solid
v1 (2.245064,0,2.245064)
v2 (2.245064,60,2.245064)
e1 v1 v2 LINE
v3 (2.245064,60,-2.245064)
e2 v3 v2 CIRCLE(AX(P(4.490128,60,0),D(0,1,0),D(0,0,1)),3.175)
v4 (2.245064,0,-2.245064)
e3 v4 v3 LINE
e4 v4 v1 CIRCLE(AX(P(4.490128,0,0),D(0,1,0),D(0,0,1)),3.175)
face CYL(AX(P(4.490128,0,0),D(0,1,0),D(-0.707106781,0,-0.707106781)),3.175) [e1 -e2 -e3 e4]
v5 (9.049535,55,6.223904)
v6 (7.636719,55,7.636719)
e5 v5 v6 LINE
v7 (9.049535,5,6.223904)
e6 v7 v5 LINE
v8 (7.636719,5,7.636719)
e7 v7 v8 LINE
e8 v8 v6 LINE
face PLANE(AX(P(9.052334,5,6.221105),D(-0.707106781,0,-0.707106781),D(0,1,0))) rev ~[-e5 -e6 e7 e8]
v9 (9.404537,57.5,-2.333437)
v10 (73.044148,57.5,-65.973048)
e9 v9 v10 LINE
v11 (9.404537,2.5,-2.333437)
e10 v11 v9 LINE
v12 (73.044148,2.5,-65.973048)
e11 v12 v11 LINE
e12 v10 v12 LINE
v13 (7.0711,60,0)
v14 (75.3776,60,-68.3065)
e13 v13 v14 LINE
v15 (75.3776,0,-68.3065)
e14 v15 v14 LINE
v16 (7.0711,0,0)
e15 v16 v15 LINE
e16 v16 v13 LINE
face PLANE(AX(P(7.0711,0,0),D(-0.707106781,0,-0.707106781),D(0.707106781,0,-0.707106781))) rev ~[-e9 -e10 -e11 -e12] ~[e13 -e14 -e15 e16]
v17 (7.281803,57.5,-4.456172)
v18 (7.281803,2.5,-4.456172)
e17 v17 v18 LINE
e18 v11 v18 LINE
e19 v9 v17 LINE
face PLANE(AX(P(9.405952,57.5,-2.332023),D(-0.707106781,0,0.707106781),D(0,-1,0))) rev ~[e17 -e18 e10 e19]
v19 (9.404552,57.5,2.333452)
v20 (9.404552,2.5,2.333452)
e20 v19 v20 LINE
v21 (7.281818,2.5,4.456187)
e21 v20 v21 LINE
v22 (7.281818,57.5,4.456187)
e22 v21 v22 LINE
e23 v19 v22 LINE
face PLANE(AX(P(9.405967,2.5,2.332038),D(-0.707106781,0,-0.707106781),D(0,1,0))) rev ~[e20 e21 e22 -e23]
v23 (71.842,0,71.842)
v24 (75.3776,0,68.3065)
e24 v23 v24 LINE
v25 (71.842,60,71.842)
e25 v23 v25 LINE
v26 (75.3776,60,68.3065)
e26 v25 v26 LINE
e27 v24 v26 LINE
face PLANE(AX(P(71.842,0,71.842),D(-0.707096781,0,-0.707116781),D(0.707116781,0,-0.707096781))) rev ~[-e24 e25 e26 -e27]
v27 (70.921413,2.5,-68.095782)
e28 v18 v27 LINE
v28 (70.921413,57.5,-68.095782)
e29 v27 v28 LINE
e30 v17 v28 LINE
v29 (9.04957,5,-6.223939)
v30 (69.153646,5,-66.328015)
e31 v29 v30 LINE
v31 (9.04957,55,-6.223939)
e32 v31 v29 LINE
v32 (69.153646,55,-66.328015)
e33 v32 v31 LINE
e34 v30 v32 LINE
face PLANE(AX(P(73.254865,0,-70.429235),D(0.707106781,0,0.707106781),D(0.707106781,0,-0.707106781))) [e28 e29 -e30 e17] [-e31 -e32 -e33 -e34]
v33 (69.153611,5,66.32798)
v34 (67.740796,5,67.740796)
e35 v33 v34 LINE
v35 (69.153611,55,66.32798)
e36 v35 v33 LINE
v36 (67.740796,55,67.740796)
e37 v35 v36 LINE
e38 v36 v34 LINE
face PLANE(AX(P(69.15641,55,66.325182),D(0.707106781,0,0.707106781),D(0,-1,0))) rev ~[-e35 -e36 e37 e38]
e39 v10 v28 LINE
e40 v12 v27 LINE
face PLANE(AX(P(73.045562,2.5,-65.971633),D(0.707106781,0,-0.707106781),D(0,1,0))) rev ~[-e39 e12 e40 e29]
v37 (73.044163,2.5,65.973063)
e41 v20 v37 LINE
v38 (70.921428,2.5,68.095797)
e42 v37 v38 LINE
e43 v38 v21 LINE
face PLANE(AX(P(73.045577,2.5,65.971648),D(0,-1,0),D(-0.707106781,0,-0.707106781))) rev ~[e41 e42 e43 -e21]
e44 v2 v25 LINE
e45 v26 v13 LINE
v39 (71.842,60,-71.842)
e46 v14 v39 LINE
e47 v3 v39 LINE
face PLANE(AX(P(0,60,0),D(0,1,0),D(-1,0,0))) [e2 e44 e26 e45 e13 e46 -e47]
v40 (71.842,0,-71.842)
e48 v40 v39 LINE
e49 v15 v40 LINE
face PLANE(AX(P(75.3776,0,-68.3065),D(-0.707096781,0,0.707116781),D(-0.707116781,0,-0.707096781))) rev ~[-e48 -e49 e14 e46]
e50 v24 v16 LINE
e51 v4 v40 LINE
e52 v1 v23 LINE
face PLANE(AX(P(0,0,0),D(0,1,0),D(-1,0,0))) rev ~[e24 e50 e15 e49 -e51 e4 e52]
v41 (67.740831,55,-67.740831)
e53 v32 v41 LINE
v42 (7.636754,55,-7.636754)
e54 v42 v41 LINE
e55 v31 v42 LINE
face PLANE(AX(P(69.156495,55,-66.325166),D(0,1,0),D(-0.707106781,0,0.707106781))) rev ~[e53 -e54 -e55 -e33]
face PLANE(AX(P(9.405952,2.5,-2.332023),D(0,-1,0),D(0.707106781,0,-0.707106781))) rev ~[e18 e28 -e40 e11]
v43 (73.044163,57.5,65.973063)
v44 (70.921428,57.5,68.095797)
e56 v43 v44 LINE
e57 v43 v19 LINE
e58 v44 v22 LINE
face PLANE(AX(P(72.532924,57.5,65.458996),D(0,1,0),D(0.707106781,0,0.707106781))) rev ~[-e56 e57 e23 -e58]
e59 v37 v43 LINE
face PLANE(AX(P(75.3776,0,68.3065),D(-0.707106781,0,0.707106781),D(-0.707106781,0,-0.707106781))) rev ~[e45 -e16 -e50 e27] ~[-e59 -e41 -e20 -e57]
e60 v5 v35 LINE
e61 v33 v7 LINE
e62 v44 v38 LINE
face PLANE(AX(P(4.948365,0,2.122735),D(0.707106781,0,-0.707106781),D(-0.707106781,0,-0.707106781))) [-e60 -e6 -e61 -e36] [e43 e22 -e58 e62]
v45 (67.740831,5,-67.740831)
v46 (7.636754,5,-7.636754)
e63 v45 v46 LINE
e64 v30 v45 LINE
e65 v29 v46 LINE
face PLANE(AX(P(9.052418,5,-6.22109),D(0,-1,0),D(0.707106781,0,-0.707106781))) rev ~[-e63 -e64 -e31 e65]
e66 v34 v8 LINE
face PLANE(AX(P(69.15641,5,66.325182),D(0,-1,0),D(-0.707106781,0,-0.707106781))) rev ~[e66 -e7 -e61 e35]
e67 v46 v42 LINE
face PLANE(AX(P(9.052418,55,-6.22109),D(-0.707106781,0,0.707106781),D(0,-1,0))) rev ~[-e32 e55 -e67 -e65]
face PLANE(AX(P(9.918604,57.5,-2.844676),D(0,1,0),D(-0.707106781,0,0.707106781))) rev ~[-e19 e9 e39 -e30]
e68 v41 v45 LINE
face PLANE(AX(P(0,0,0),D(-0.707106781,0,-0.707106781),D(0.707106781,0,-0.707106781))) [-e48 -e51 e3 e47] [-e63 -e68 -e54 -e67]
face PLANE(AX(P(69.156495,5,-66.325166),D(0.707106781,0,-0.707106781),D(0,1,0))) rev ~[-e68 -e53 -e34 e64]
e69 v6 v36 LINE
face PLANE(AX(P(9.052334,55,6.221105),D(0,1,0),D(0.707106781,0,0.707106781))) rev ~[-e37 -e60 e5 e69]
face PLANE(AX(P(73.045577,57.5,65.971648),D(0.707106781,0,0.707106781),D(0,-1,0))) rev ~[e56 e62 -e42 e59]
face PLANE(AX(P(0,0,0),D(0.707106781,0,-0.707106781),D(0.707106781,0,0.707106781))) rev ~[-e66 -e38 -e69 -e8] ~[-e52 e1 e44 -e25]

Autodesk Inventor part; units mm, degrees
ref_plane "YZ Plane" through (0, 0, 0) normal (1, 0, 0) x (0, 1, 0)
ref_plane "XZ Plane" through (0, 0, 0) normal (0, 1, 0) x (-1, 0, 0)
ref_plane "XY Plane" through (0, 0, 0) normal (0, 0, 1) x (1, 0, 0)
sketch "Sketch4" plane through (0, 0, 0) normal (0, 1, 0) x (-1, 0, 0)
  line L0 (0, 0) -> (-71.842, 71.842)
  line L1 (0, 0) -> (101.6, 0) construction
  line L2 (0, 0) -> (-71.842, -71.842)
  line L3 (0, 0) -> (101.6, 0) construction
  line L4 (-71.842, 71.842) -> (-75.3776, 68.3065)
  line L5 (-75.3776, 68.3065) -> (-7.0711, 0)
  line L6 (-7.0711, 0) -> (-75.3776, -68.3065)
  line L7 (-75.3776, -68.3065) -> (-71.842, -71.842)
  dimension "d20" = 101.6
  dimension "d21" = 135
  dimension "d22" = 101.6
  dimension "d23" = 135
  dimension "d24" = 5
extrude "Extrusion3" add sketch "Sketch4" along normal blind 60
sketch "Sketch5" plane through (7.0711, 0, 0) normal (0.7071, 0, -0.7071) x (-0.7071, 0, -0.7071)
  line L0 (-96.6, 0) -> (0, 0) projected
  line L1 (0, 0) -> (0, 60) projected
  line L2 (-96.6, 60) -> (0, 60) projected
  line L3 (-96.6, 0) -> (-96.6, 60) projected
  line L4 (-96.6, 0) -> (0, 0) projected
  line L5 (-96.6, 60) -> (0, 0)
  line L6 (0, 0) -> (-96.6, 0)
  line L7 (0, 60) -> (5, 60) projected
  line L8 (-96.6, 0) -> (0, 60)
  line L9 (-93.3, 2.5) -> (-3.3, 2.5)
  line L10 (-3.3, 2.5) -> (-3.3, 57.5)
  line L11 (-3.3, 57.5) -> (-93.3, 57.5)
  line L12 (-93.3, 57.5) -> (-93.3, 2.5)
  line L13 (-93.3, 2.5) -> (-3.3, 57.5) construction
  line L14 (-3.3, 2.5) -> (-93.3, 57.5) construction
  point P0 (5, 0)
  point P1 (-48.3, 30)
  dimension "d27" = 90
  dimension "d28" = 55
extrude "Extrusion4" cut sketch "Sketch5" against normal blind 3 contours L9 L12 L11 L5 L8 | L8 L5 L9 | L5 L8 L11 L10 L9 | L11 L8 L5
sketch "Sketch6" plane through (4.9497, 0, 2.1213) normal (0.7071, 0, -0.7071) x (-0.7071, 0, -0.7071)
  line L0 (-93.3, 2.5) -> (-93.3, 57.5) projected
  line L1 (-3.3, 2.5) -> (-93.3, 2.5) projected
  line L2 (-3.3, 57.5) -> (-3.3, 2.5) projected
  line L3 (-93.3, 57.5) -> (-3.3, 57.5) projected
  line L4 (-90.8, 5) -> (-5.8, 5)
  line L5 (-5.8, 5) -> (-5.8, 55)
  line L6 (-5.8, 55) -> (-90.8, 55)
  line L7 (-90.8, 55) -> (-90.8, 5)
  line L8 (-90.8, 5) -> (-5.8, 55) construction
  line L9 (-5.8, 5) -> (-90.8, 55) construction
  point P0 (5, 0)
  point P1 (-48.3, 30)
  dimension "d31" = 85
  dimension "d32" = 50
extrude "Extrusion5" cut sketch "Sketch6" against normal blind 3 contours L7 L6 L5 L4
sketch "Sketch7" plane through (75.3776, 0, -68.3065) normal (0.7071, 0, 0.7071) x (0.7071, 0, -0.7071)
  line L0 (-96.6, 0) -> (0, 0) projected
  line L1 (0, 0) -> (0, 60) projected
  line L2 (-96.6, 60) -> (0, 60) projected
  line L3 (-96.6, 0) -> (-96.6, 60) projected
  line L4 (-96.6, 0) -> (0, 60)
  line L5 (-96.6, 60) -> (0, 0)
  line L6 (-93.3, 2.5) -> (-3.3, 2.5)
  line L7 (-3.3, 2.5) -> (-3.3, 57.5)
  line L8 (-3.3, 57.5) -> (-93.3, 57.5)
  line L9 (-93.3, 57.5) -> (-93.3, 2.5)
  line L10 (-93.3, 2.5) -> (-3.3, 57.5) construction
  line L11 (-3.3, 2.5) -> (-93.3, 57.5) construction
  point P0 (-101.6, 0)
  point P1 (-48.3, 30)
  dimension "d35" = 90
  dimension "d36" = 55
extrude "Extrusion6" cut sketch "Sketch7" against normal blind 3 contours L6 L9 L8 L5 L4 | L4 L5 L6 | L5 L4 L8 L7 L6 | L8 L4 L5
sketch "Sketch8" plane through (73.2563, 0, -70.4278) normal (0.7071, 0, 0.7071) x (0.7071, 0, -0.7071)
  line L0 (-93.3, 2.5) -> (-93.3, 57.5) projected
  line L1 (-3.3, 2.5) -> (-93.3, 2.5) projected
  line L2 (-3.3, 57.5) -> (-3.3, 2.5) projected
  line L3 (-93.3, 57.5) -> (-3.3, 57.5) projected
  line L4 (-90.8, 5) -> (-5.8, 5)
  line L5 (-5.8, 5) -> (-5.8, 55)
  line L6 (-5.8, 55) -> (-90.8, 55)
  line L7 (-90.8, 55) -> (-90.8, 5)
  line L8 (-90.8, 5) -> (-5.8, 55) construction
  line L9 (-5.8, 5) -> (-90.8, 55) construction
  point P0 (-101.6, 0)
  point P1 (-48.3, 30)
  dimension "d39" = 85
  dimension "d40" = 50
extrude "Extrusion7" cut sketch "Sketch8" against normal blind 3 contours L7 L6 L5 L4
fillet "Fillet1" radius 3.175 1 edges at (0, 30, 0)
properties part number "SolarPannelMounting"
